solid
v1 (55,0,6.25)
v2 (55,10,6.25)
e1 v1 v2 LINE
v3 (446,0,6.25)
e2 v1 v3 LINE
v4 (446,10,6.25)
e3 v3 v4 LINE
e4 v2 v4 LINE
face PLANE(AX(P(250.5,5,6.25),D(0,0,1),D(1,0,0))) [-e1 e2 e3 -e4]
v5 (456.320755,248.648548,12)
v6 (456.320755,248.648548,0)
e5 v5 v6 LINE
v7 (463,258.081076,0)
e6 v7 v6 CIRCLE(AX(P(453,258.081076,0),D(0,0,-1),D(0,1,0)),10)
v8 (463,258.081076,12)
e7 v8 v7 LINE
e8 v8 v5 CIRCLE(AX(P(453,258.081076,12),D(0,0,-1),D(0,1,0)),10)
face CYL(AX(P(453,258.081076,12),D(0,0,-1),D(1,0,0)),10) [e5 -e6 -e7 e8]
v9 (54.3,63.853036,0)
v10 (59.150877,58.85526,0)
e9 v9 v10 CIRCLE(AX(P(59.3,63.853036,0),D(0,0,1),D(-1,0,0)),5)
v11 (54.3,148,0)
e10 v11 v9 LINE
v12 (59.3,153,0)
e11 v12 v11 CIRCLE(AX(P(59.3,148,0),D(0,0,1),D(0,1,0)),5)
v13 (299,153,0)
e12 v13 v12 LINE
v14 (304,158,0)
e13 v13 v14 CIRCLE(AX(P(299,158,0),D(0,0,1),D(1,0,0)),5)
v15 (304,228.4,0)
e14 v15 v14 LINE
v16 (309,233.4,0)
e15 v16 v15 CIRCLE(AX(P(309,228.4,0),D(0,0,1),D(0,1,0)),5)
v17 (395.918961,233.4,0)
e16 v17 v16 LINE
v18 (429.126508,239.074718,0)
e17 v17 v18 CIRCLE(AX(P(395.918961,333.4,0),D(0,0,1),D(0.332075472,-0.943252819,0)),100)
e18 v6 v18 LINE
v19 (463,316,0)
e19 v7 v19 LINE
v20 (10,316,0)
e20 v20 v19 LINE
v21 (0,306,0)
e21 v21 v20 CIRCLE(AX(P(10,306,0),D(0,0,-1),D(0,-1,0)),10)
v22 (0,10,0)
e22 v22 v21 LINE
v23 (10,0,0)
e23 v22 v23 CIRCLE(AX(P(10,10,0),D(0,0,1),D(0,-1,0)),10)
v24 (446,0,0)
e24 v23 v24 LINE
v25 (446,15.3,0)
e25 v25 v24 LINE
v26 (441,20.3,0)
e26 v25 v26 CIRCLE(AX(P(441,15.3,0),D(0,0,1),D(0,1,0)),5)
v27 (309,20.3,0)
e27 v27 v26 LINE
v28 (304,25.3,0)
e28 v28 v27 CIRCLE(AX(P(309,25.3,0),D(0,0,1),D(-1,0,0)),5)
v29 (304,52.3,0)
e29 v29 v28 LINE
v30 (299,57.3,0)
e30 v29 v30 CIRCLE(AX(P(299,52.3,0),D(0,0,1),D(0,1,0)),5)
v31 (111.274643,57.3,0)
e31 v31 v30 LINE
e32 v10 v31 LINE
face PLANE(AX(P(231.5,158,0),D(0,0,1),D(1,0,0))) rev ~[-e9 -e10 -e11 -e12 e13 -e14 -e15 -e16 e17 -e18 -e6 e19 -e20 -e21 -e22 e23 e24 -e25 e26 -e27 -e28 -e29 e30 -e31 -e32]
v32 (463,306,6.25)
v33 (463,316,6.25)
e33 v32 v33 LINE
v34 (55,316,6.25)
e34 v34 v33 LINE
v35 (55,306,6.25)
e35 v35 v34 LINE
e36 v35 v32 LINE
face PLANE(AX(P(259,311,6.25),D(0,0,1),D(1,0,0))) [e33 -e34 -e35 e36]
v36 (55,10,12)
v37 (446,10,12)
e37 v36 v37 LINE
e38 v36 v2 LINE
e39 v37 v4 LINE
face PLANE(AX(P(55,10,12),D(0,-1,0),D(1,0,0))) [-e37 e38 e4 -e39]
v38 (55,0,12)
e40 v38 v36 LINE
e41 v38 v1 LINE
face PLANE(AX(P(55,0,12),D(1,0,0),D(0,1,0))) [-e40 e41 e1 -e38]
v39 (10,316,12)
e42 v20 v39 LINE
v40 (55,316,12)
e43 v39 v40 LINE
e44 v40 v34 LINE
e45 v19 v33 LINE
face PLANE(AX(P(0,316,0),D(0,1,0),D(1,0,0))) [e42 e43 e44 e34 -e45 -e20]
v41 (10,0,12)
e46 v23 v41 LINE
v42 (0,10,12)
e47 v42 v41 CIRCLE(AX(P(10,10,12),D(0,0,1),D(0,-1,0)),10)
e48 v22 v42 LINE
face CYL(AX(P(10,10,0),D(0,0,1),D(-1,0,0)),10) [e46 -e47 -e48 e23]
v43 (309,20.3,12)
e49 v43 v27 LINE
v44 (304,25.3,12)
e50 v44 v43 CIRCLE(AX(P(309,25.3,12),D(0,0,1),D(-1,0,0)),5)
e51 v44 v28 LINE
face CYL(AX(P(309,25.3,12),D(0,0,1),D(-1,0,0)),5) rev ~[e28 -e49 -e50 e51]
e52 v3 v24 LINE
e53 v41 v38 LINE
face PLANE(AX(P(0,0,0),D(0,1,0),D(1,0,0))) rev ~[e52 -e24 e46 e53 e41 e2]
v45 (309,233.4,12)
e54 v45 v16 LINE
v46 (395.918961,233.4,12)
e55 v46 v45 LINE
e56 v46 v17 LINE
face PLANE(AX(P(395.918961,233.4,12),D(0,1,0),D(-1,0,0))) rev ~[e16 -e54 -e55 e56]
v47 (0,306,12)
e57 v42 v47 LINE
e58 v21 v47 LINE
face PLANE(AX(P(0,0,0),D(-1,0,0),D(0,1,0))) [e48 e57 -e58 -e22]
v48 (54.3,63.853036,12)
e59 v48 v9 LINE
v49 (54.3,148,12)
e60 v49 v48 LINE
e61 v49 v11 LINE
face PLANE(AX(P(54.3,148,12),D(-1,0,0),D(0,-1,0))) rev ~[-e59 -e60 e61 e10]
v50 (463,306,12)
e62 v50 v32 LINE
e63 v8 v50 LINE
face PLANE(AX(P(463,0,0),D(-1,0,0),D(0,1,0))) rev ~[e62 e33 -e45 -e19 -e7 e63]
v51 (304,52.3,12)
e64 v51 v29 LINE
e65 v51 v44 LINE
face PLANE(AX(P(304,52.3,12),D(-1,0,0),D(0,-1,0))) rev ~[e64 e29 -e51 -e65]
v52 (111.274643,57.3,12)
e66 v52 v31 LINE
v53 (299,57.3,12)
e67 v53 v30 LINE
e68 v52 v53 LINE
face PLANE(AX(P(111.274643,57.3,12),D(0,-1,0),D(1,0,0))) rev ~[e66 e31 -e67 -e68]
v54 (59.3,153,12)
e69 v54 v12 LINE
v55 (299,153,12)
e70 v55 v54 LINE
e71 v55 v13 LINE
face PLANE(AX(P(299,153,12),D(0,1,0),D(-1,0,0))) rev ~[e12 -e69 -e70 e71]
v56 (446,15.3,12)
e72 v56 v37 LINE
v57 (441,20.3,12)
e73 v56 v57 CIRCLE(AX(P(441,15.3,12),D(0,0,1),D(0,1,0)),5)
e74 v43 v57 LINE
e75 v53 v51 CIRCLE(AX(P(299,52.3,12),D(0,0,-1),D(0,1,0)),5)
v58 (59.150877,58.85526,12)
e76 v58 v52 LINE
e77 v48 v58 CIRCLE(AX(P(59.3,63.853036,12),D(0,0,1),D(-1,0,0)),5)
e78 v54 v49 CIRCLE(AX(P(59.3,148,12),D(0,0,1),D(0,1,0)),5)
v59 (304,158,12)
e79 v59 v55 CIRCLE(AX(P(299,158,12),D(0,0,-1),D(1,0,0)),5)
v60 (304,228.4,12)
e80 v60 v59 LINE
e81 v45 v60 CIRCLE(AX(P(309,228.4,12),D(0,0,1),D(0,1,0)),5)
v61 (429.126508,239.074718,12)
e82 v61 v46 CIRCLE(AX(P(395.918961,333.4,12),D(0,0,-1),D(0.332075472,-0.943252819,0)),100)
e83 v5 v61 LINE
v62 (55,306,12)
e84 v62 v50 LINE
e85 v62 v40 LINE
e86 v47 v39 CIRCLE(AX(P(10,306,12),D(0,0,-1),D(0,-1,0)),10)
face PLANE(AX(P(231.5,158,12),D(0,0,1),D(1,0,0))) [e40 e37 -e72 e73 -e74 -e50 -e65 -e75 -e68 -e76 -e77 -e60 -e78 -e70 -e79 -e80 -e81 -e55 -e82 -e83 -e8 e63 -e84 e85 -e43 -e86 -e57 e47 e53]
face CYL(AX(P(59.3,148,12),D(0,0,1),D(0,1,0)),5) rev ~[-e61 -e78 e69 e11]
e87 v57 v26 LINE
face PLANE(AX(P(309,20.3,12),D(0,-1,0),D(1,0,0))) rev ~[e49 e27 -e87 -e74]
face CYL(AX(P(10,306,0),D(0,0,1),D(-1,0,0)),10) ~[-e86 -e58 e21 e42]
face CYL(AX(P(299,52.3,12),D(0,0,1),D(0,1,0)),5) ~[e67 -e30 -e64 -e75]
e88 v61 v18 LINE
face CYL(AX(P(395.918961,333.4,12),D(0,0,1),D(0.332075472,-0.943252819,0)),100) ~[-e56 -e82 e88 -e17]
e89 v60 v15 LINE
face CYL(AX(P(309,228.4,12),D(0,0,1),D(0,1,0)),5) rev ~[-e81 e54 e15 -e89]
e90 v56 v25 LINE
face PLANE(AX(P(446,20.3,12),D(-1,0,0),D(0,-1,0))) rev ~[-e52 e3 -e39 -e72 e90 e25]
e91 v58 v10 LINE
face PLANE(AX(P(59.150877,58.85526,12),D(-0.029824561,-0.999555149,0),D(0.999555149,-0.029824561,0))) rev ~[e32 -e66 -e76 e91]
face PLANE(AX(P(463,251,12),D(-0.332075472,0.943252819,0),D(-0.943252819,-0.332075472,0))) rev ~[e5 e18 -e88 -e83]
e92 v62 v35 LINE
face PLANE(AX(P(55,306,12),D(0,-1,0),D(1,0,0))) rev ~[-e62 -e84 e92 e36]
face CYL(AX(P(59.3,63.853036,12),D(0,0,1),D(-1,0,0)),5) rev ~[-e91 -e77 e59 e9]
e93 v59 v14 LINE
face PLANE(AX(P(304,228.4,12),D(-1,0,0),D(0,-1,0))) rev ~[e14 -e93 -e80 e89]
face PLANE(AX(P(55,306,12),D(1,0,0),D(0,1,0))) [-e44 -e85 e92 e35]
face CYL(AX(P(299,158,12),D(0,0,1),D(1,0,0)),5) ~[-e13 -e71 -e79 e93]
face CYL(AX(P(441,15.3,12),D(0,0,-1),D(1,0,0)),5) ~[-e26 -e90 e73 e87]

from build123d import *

# Parameters (mm, degrees)
F0_W     = 463
F0_H     = 316
F1_DEPTH = 12
F3_DEPTH = 12.001
F4_W     = 408
F4_H     = 10
F4_W_2   = 391
F5_DEPTH = 5.75
F6_R     = 10
F7_R     = 5


with BuildPart() as f1:
    # F0 (on Top) → F1 (new body)
    with BuildSketch(Plane.XY):
        with Locations((231.5, 158)):
            Rectangle(F0_W, F0_H)
    extrude(amount=F1_DEPTH)

    # F2 (on face) → F3 (cut, through all)
    with BuildSketch(Plane.XY.offset(12)):
        with BuildLine():
            Line((395.9189609317, 233.4), (309, 233.4))
            ThreePointArc((309, 233.4), (305.4644660941, 231.9355339059), (304, 228.4))
            Line((304, 228.4), (304, 158))
            ThreePointArc((304, 158), (302.5355339059, 154.4644660941), (299, 153))
            Line((299, 153), (59.3, 153))
            ThreePointArc((59.3, 153), (55.7644660941, 151.5355339059), (54.3, 148))
            Line((54.3, 148), (54.3, 63.8530360718))
            ThreePointArc((54.3, 63.8530360718), (55.7121305741, 60.3706241228), (59.150877193, 58.8552603277))
            Line((59.150877193, 58.8552603277), (111.2746434829, 57.3))
            Line((111.2746434829, 57.3), (299, 57.3))
            ThreePointArc((299, 57.3), (302.5355339059, 55.8355339059), (304, 52.3))
            Line((304, 52.3), (304, 25.3))
            ThreePointArc((304, 25.3), (305.4644660941, 21.7644660941), (309, 20.3))
            Line((309, 20.3), (446, 20.3))
            Line((446, 20.3), (446, 0))
            Line((446, 0), (463, 0))
            Line((463, 0), (463, 20.3))
            Line((463, 20.3), (463, 233.4))
            Line((463, 233.4), (463, 251))
            Line((463, 251), (429.1265081015, 239.0747180711))
            ThreePointArc((429.1265081015, 239.0747180711), (412.7634230352, 234.8288881241), (395.9189609317, 233.4))
        make_face()
    extrude(amount=-F3_DEPTH, mode=Mode.SUBTRACT)

    # F4 (on face) → F5 (cut)
    with BuildSketch(Plane.XY.offset(12)):
        with Locations((259, 311)):
            Rectangle(F4_W, F4_H)
        with Locations((250.5, 5)):
            Rectangle(F4_W_2, F4_H)
    extrude(amount=-F5_DEPTH, mode=Mode.SUBTRACT)

    # F6
    f6_edges = [f1.edges().sort_by_distance(p)[0] for p in [
        (0, 316, 6),
        (0, 0, 6),
        (463, 251, 6),
    ]]
    fillet(f6_edges, radius=F6_R)

    # F7
    f7_edges = [f1.edges().sort_by_distance(p)[0] for p in [
        (446, 20.3, 6),
    ]]
    fillet(f7_edges, radius=F7_R)


solid = f1.part
